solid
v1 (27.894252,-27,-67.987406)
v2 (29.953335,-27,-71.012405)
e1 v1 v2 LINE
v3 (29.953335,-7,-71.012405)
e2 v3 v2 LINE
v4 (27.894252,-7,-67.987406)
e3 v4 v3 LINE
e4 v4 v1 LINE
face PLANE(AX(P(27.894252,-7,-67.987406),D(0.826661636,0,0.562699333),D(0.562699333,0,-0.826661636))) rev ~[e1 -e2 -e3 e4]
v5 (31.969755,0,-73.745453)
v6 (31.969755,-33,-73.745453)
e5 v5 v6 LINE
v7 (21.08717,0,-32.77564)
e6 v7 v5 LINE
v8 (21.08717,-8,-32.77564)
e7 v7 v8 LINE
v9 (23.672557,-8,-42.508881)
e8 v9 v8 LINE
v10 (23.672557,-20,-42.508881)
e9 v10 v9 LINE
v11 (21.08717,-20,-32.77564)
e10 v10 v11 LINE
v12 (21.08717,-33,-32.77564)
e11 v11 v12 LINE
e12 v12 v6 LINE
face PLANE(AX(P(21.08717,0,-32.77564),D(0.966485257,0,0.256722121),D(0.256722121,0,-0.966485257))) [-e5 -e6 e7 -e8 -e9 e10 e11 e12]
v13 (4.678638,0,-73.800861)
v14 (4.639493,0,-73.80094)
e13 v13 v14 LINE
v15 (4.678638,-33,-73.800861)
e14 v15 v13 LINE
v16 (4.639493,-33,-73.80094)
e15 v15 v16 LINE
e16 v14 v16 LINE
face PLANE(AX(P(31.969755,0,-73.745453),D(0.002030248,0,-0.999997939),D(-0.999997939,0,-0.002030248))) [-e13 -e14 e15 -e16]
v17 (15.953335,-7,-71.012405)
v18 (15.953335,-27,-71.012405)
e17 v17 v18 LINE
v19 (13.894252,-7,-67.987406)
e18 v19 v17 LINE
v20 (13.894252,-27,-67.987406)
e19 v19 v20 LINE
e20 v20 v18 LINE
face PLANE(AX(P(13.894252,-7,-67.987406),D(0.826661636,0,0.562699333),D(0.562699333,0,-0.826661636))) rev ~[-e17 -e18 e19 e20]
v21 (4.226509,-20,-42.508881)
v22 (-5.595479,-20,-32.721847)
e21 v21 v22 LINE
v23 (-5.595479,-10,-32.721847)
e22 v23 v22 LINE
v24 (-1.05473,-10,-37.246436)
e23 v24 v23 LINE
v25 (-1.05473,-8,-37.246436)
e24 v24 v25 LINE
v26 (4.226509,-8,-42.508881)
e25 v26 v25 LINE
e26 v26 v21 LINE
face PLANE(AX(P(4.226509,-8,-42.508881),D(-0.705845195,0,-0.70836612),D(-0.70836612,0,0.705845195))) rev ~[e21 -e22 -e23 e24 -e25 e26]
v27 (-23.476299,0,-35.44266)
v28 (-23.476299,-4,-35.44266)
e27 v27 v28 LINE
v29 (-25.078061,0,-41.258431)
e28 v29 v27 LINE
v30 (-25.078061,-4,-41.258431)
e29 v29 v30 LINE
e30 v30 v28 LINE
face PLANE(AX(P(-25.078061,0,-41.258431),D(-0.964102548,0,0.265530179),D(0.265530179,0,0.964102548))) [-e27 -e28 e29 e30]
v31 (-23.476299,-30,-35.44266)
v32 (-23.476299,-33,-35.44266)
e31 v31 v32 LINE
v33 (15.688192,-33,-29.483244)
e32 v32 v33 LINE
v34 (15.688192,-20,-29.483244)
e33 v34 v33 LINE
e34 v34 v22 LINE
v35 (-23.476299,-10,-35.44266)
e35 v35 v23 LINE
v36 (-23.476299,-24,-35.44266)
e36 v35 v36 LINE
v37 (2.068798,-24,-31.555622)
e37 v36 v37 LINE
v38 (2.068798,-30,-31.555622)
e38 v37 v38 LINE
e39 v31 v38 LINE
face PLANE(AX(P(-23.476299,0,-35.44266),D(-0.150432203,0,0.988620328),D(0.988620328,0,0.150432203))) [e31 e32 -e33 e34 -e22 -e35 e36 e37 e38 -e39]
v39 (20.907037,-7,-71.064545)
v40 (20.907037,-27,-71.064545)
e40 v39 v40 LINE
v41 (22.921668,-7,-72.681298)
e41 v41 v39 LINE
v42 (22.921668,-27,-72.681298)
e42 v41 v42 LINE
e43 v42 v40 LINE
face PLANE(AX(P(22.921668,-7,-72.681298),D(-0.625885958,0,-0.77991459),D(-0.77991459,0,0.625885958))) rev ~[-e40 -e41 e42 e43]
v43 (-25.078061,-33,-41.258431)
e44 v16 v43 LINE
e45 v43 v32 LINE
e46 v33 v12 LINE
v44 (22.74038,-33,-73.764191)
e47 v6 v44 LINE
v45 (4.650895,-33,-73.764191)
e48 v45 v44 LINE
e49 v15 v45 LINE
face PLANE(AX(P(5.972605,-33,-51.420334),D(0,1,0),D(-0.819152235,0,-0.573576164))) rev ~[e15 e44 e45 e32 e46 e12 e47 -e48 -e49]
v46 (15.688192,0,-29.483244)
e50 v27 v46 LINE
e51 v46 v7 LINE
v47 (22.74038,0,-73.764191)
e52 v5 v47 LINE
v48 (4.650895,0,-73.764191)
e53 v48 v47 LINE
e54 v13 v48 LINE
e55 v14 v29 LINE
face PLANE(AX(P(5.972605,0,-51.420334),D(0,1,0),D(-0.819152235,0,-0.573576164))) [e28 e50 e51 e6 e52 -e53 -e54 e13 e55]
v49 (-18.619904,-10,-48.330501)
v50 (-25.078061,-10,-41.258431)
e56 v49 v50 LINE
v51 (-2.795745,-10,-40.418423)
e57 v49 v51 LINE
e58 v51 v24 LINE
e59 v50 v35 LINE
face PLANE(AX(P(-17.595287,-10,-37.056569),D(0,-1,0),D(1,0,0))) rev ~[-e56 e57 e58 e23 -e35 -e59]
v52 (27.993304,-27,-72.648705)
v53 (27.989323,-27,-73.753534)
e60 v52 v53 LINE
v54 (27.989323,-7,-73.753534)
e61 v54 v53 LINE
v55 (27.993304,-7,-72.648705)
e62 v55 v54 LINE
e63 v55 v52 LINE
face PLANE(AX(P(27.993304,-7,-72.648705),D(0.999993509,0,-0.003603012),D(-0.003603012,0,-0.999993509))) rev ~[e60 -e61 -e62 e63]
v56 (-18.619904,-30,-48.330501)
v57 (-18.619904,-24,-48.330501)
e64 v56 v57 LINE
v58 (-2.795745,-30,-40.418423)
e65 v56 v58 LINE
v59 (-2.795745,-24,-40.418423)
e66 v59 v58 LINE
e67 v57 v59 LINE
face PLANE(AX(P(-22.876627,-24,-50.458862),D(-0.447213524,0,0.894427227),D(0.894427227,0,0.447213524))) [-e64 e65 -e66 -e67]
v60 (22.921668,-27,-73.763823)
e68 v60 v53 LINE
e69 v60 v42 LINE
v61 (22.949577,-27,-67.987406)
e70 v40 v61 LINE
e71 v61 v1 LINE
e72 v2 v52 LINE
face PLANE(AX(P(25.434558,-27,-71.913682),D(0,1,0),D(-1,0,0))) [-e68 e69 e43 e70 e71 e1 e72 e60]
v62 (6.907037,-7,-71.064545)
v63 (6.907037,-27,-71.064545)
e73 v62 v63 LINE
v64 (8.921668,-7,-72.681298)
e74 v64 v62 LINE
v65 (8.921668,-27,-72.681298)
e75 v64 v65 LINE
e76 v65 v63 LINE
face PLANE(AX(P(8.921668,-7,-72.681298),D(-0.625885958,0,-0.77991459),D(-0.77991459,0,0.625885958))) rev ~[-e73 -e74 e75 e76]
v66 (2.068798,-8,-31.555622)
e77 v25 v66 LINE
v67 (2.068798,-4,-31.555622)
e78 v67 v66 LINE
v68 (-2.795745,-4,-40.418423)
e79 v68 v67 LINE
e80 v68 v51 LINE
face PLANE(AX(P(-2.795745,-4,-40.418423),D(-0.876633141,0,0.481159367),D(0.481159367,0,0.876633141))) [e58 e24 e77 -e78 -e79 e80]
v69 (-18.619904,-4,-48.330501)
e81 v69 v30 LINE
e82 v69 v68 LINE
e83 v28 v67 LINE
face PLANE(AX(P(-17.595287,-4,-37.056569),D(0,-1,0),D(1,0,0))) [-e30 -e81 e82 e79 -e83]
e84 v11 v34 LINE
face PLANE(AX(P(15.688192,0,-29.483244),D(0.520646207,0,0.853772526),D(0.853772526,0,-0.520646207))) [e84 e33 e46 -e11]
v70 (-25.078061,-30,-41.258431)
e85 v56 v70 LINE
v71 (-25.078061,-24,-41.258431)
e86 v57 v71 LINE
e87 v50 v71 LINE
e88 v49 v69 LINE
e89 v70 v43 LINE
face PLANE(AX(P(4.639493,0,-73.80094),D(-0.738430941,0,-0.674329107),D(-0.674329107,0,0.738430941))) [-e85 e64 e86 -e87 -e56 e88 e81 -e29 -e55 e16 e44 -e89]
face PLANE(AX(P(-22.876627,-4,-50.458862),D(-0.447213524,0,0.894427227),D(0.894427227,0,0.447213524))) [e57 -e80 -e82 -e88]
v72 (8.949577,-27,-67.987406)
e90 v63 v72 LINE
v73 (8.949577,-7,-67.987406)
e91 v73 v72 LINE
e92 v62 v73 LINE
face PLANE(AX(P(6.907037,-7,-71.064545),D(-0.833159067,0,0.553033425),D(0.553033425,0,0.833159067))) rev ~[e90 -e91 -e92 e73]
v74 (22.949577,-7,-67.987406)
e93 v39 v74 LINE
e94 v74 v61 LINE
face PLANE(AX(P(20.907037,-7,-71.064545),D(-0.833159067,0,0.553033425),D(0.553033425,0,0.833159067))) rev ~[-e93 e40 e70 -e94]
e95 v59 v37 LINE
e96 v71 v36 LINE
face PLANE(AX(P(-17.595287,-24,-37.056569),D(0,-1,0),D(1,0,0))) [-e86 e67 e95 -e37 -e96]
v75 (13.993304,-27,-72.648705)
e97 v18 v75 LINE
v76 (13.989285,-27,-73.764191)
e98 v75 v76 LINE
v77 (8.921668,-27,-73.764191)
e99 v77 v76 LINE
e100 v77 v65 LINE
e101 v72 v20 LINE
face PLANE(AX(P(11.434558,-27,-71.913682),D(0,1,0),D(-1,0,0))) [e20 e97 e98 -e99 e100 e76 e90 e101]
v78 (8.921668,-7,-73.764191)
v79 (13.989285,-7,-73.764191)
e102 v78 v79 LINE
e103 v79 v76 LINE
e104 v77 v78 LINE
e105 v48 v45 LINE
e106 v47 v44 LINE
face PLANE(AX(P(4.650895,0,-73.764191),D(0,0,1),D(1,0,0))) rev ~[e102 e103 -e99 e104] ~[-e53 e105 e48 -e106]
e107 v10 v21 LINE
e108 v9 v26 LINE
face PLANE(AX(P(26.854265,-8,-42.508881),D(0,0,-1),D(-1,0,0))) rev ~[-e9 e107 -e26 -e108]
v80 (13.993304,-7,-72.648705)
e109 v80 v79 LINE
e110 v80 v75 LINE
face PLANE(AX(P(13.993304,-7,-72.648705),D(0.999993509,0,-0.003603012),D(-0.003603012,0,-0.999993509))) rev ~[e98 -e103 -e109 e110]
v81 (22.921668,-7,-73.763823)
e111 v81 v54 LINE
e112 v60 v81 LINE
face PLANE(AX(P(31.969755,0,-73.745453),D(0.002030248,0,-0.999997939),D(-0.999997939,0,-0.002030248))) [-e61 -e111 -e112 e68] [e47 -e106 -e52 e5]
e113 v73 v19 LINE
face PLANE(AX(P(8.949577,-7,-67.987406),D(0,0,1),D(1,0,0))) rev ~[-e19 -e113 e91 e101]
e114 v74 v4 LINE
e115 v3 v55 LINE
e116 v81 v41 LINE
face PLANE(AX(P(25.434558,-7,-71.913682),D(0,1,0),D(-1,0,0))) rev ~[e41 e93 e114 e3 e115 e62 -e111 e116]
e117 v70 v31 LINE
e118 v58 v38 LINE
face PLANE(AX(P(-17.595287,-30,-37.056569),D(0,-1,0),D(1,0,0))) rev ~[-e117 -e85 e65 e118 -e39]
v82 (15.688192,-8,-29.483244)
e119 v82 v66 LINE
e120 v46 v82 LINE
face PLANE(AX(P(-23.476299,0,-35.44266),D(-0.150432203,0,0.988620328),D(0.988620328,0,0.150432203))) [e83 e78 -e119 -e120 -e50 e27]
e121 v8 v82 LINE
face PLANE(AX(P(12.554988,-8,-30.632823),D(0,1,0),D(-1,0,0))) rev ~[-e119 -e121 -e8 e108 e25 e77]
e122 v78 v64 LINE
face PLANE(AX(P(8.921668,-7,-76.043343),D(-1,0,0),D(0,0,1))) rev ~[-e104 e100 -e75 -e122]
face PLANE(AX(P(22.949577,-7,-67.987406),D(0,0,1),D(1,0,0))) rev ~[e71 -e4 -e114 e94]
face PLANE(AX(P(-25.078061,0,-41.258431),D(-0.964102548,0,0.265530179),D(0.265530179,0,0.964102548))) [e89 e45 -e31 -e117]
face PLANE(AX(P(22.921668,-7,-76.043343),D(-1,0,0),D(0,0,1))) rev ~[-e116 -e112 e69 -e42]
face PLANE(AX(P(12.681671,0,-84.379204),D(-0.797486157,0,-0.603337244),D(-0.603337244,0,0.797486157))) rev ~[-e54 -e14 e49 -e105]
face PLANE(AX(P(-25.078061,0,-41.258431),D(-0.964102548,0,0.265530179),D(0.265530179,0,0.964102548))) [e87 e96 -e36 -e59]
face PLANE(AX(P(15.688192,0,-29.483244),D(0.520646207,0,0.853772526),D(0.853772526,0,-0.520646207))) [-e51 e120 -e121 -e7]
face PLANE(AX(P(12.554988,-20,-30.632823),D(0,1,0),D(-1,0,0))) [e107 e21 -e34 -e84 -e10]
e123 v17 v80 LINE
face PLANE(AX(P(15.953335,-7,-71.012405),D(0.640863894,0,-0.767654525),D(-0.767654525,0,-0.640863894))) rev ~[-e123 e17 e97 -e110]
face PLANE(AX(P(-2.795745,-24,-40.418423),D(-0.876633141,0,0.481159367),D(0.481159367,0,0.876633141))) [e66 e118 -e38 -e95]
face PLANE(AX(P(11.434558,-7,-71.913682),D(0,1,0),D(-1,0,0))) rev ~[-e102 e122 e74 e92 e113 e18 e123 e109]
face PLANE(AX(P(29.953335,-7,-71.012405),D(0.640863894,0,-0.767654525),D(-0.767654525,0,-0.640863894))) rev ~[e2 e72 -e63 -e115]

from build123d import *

# Parameters (mm, degrees)
PAD036_DEPTH = 6
PAD037_DEPTH = 6
PAD038_DEPTH = 12
PAD014_DEPTH = 20
PAD012_DEPTH = 33
PAD013_DEPTH = 20
PAD001_DEPTH = 33


with BuildPart() as pad036:
    # Sketch040 → Pad036 (new body)
    with BuildSketch(Plane.XZ.offset(4)):
        Polygon((-22.876627, -50.458862), (-2.795745, -40.418423), (3.522805, -28.90654), (-39.408733, -32.801537), align=None)
    extrude(amount=PAD036_DEPTH)


with BuildPart() as pad037:
    # Sketch041 → Pad037 (new body)
    with BuildSketch(Plane.XZ.offset(24)):
        Polygon((-22.876627, -50.458862), (-2.795745, -40.418423), (3.522805, -28.90654), (-39.408733, -32.801537), align=None)
    extrude(amount=PAD037_DEPTH)


with BuildPart() as pad038:
    # Sketch042 → Pad038 (new body)
    with BuildSketch(Plane.XZ.offset(8)):
        Polygon((26.854265, -42.508881), (4.226509, -42.508881), (-12.077076, -26.263317), (32.65625, -19.126871), align=None)
    extrude(amount=PAD038_DEPTH)


with BuildPart() as pad014:
    # Sketch018 → Pad014 (new body)
    with BuildSketch(Plane(origin=(10, -7, 0), x_dir=(1, 0, 0), z_dir=(0, -1, 0))):
        Polygon((12.921668, -76.043343), (12.921668, -72.681298), (10.907037, -71.064545), (12.949577, -67.987406), (17.894252, -67.987406), (19.953335, -71.012405), (17.993304, -72.648705), (17.981073, -76.043343), align=None)
    extrude(amount=PAD014_DEPTH)


with BuildPart() as pad012:
    # Sketch016 → Pad012 (new body)
    with BuildSketch(Plane.XZ):
        Polygon((31.922119, -73.764191), (34.715668, -84.347412), (31.00419, -84.347412), (29.994871, -83.010223), (29.004835, -82.997353), (29.97435, -84.356453), (27.001257, -84.356453), (25.99424, -83.013763), (24.977634, -83.013763), (26.003832, -84.375633), (23.007538, -84.375633), (22.019703, -83.023636), (20.974325, -83.023636), (22.000523, -84.366325), (19.017838, -84.366325), (17.99164, -83.004456), (16.984625, -83.004456), (18.00123, -84.366325), (15.032244, -84.366325), (14.013124, -83.020378), (12.982291, -83.020378), (14.00141, -84.379204), (12.681671, -84.379204), (4.650895, -73.764191), align=None)
    extrude(amount=PAD012_DEPTH)


with BuildPart() as fusion:
    # Sketch017 → Pad013 (new body)
    with BuildSketch(Plane(origin=(-4, -7, 0), x_dir=(1, 0, 0), z_dir=(0, -1, 0))):
        Polygon((12.921668, -76.043343), (12.921668, -72.681298), (10.907037, -71.064545), (12.949577, -67.987406), (17.894252, -67.987406), (19.953335, -71.012405), (17.993304, -72.648705), (17.981073, -76.043343), align=None)
    extrude(amount=PAD013_DEPTH)

    # Fusion001: union Pad012
    add(pad012.part)

    # Fusion: union Pad014
    add(pad014.part)


with BuildPart() as cut009:
    # Sketch001 → Pad001 (new body)
    with BuildSketch(Plane(origin=(-15, 0, -10), x_dir=(0.819152, 0, 0.573576), z_dir=(0, -1, 0))):
        Polygon((-26.184557, -19.824878), (-21.536683, -15.979609), (13.963177, -33.561758), (16.497322, -39.355457), (1.912507, -79.157962), (-20.506964, -63.527428), align=None)
    extrude(amount=PAD001_DEPTH)

    # Cut: cut Fusion
    add(fusion.part, mode=Mode.SUBTRACT)

    # Cut007: cut Pad038
    add(pad038.part, mode=Mode.SUBTRACT)

    # Cut008: cut Pad037
    add(pad037.part, mode=Mode.SUBTRACT)

    # Cut009: cut Pad036
    add(pad036.part, mode=Mode.SUBTRACT)


solid = cut009.part
